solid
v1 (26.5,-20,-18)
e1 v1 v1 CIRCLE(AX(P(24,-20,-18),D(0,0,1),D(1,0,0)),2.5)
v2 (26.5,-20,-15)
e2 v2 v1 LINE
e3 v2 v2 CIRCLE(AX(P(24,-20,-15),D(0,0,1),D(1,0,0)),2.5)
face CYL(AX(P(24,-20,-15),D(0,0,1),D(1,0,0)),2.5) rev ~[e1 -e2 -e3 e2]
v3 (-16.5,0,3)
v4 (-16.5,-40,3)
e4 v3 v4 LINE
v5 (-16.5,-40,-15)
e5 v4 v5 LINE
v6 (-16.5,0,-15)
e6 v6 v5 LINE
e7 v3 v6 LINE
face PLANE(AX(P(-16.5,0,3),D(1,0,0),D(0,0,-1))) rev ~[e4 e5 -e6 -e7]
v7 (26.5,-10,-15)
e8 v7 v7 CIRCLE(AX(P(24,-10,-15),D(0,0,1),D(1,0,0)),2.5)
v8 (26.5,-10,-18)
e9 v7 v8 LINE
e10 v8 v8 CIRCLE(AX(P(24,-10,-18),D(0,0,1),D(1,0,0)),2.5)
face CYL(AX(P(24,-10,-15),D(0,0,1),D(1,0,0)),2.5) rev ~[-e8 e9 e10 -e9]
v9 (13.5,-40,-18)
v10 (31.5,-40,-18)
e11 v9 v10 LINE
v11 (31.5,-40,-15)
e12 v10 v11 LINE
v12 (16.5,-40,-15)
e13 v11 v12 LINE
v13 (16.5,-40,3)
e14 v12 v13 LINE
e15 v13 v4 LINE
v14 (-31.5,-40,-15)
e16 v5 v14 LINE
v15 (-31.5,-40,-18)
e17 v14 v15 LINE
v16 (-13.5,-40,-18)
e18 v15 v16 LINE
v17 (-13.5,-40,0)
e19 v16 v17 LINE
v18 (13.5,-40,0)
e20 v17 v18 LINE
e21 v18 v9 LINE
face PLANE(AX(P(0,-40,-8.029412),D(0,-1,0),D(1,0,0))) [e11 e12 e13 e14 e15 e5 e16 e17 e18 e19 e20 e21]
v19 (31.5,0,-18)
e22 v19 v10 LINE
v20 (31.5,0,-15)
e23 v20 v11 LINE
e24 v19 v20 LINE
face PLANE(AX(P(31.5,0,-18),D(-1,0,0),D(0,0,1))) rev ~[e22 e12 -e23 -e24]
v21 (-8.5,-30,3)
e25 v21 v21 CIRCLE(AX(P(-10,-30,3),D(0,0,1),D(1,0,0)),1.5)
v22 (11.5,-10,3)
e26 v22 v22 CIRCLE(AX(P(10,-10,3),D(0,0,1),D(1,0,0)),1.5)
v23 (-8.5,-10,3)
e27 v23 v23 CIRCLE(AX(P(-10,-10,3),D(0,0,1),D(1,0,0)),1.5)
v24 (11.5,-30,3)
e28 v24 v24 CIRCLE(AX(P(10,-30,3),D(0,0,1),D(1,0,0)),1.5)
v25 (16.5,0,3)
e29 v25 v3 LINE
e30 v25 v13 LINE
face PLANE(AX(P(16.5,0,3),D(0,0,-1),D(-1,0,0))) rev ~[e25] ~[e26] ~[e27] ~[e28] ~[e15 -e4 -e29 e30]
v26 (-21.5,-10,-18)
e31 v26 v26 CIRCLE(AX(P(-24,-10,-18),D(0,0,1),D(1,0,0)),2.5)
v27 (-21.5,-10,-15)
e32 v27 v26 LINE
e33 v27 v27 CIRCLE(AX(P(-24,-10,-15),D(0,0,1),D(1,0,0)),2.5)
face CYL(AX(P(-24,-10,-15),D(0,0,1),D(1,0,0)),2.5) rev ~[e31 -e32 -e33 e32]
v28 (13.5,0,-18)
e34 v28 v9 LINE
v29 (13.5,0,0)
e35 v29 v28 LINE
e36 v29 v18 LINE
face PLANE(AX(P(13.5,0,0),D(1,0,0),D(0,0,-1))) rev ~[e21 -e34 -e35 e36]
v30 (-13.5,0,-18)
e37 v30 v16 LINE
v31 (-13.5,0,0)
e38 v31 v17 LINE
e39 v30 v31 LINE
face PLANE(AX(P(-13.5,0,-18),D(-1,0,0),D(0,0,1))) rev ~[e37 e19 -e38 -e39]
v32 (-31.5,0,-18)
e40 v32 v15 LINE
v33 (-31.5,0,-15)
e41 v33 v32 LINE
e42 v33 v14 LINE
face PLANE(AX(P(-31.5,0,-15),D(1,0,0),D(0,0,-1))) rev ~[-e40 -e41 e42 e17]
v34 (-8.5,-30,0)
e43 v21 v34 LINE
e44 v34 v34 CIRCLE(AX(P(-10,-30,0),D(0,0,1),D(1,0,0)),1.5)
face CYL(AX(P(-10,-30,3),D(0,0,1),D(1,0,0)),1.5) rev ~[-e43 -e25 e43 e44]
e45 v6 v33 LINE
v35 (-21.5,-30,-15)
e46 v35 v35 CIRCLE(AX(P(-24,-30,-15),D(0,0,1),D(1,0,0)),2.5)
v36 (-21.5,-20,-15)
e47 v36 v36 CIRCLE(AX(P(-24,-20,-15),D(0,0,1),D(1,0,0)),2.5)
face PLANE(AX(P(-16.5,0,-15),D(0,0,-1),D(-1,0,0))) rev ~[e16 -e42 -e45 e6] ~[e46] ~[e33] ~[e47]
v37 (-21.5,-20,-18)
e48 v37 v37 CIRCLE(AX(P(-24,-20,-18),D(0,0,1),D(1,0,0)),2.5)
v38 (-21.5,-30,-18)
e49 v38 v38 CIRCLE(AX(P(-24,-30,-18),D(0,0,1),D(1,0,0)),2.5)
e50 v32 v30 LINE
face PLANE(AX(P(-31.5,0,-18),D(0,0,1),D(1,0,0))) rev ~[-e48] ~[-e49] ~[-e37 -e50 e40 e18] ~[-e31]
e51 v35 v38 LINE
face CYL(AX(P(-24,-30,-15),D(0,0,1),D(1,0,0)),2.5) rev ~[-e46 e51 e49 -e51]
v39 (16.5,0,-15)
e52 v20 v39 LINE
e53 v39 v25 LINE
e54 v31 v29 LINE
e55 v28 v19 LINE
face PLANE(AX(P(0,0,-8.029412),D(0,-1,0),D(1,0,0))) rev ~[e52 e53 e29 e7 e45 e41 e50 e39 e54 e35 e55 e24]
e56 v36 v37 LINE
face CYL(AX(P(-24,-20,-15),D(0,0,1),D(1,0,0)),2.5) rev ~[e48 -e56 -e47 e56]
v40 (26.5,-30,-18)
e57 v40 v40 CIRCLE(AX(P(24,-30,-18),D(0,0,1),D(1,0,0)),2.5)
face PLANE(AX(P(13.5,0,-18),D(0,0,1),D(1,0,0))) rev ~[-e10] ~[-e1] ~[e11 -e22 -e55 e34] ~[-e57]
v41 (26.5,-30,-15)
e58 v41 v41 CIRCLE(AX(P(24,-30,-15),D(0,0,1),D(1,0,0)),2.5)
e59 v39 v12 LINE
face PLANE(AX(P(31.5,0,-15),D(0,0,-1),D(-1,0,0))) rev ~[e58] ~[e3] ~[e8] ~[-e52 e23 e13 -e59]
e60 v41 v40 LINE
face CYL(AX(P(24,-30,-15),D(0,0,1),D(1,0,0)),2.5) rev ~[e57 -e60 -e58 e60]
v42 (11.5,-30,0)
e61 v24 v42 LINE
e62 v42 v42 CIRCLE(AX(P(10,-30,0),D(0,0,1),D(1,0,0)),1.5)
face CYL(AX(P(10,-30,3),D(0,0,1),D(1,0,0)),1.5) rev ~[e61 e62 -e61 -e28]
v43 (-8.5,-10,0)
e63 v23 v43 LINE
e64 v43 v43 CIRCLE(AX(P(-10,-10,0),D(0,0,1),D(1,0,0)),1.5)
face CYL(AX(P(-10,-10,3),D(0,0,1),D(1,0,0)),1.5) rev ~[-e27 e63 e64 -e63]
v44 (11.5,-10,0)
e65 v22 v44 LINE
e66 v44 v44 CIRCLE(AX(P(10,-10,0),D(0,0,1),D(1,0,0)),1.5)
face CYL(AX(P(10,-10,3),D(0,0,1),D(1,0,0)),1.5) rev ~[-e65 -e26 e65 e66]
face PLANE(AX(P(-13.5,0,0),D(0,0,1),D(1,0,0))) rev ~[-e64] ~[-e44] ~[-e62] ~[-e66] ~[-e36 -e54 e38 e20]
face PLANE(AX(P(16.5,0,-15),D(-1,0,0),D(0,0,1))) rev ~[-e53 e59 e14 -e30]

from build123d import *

# Parameters (mm, degrees)
F1_DEPTH = 40
F2_R     = 1.5
F3_DEPTH = 25
F4_R     = 2.5
F5_DEPTH = 25
F6_R     = 2.5
F7_DEPTH = 25


with BuildPart() as f1:
    # F0 (on Front) → F1 (new body)
    with BuildSketch(Plane.XZ):
        Polygon((-13.5, 0), (0, 0), (13.5, 0), (13.5, -18), (31.5, -18), (31.5, -15), (16.5, -15), (16.5, 3), (0, 3), (-16.5, 3), (-16.5, -15), (-31.5, -15), (-31.5, -18), (-13.5, -18), align=None)
    extrude(amount=F1_DEPTH)

    # F2 (on face) → F3 (cut)
    with BuildSketch(Plane.XY.offset(3)):
        with Locations((-10, -10)):
            Circle(F2_R)
        with Locations((10, -10)):
            Circle(F2_R)
        with Locations((10, -30)):
            Circle(F2_R)
        with Locations((-10, -30)):
            Circle(F2_R)
    extrude(amount=-F3_DEPTH, mode=Mode.SUBTRACT)

    # F4 (on face) → F5 (cut)
    with BuildSketch(Plane.XY.offset(-15)):
        with Locations((-24, -30)):
            Circle(F4_R)
        with Locations((-24, -20)):
            Circle(F4_R)
        with Locations((-24, -10)):
            Circle(F4_R)
    extrude(amount=-F5_DEPTH, mode=Mode.SUBTRACT)

    # F6 (on face) → F7 (cut)
    with BuildSketch(Plane.XY.offset(-15)):
        with Locations((24, -30)):
            Circle(F6_R)
        with Locations((24, -20)):
            Circle(F6_R)
        with Locations((24, -10)):
            Circle(F6_R)
    extrude(amount=-F7_DEPTH, mode=Mode.SUBTRACT)


solid = f1.part
